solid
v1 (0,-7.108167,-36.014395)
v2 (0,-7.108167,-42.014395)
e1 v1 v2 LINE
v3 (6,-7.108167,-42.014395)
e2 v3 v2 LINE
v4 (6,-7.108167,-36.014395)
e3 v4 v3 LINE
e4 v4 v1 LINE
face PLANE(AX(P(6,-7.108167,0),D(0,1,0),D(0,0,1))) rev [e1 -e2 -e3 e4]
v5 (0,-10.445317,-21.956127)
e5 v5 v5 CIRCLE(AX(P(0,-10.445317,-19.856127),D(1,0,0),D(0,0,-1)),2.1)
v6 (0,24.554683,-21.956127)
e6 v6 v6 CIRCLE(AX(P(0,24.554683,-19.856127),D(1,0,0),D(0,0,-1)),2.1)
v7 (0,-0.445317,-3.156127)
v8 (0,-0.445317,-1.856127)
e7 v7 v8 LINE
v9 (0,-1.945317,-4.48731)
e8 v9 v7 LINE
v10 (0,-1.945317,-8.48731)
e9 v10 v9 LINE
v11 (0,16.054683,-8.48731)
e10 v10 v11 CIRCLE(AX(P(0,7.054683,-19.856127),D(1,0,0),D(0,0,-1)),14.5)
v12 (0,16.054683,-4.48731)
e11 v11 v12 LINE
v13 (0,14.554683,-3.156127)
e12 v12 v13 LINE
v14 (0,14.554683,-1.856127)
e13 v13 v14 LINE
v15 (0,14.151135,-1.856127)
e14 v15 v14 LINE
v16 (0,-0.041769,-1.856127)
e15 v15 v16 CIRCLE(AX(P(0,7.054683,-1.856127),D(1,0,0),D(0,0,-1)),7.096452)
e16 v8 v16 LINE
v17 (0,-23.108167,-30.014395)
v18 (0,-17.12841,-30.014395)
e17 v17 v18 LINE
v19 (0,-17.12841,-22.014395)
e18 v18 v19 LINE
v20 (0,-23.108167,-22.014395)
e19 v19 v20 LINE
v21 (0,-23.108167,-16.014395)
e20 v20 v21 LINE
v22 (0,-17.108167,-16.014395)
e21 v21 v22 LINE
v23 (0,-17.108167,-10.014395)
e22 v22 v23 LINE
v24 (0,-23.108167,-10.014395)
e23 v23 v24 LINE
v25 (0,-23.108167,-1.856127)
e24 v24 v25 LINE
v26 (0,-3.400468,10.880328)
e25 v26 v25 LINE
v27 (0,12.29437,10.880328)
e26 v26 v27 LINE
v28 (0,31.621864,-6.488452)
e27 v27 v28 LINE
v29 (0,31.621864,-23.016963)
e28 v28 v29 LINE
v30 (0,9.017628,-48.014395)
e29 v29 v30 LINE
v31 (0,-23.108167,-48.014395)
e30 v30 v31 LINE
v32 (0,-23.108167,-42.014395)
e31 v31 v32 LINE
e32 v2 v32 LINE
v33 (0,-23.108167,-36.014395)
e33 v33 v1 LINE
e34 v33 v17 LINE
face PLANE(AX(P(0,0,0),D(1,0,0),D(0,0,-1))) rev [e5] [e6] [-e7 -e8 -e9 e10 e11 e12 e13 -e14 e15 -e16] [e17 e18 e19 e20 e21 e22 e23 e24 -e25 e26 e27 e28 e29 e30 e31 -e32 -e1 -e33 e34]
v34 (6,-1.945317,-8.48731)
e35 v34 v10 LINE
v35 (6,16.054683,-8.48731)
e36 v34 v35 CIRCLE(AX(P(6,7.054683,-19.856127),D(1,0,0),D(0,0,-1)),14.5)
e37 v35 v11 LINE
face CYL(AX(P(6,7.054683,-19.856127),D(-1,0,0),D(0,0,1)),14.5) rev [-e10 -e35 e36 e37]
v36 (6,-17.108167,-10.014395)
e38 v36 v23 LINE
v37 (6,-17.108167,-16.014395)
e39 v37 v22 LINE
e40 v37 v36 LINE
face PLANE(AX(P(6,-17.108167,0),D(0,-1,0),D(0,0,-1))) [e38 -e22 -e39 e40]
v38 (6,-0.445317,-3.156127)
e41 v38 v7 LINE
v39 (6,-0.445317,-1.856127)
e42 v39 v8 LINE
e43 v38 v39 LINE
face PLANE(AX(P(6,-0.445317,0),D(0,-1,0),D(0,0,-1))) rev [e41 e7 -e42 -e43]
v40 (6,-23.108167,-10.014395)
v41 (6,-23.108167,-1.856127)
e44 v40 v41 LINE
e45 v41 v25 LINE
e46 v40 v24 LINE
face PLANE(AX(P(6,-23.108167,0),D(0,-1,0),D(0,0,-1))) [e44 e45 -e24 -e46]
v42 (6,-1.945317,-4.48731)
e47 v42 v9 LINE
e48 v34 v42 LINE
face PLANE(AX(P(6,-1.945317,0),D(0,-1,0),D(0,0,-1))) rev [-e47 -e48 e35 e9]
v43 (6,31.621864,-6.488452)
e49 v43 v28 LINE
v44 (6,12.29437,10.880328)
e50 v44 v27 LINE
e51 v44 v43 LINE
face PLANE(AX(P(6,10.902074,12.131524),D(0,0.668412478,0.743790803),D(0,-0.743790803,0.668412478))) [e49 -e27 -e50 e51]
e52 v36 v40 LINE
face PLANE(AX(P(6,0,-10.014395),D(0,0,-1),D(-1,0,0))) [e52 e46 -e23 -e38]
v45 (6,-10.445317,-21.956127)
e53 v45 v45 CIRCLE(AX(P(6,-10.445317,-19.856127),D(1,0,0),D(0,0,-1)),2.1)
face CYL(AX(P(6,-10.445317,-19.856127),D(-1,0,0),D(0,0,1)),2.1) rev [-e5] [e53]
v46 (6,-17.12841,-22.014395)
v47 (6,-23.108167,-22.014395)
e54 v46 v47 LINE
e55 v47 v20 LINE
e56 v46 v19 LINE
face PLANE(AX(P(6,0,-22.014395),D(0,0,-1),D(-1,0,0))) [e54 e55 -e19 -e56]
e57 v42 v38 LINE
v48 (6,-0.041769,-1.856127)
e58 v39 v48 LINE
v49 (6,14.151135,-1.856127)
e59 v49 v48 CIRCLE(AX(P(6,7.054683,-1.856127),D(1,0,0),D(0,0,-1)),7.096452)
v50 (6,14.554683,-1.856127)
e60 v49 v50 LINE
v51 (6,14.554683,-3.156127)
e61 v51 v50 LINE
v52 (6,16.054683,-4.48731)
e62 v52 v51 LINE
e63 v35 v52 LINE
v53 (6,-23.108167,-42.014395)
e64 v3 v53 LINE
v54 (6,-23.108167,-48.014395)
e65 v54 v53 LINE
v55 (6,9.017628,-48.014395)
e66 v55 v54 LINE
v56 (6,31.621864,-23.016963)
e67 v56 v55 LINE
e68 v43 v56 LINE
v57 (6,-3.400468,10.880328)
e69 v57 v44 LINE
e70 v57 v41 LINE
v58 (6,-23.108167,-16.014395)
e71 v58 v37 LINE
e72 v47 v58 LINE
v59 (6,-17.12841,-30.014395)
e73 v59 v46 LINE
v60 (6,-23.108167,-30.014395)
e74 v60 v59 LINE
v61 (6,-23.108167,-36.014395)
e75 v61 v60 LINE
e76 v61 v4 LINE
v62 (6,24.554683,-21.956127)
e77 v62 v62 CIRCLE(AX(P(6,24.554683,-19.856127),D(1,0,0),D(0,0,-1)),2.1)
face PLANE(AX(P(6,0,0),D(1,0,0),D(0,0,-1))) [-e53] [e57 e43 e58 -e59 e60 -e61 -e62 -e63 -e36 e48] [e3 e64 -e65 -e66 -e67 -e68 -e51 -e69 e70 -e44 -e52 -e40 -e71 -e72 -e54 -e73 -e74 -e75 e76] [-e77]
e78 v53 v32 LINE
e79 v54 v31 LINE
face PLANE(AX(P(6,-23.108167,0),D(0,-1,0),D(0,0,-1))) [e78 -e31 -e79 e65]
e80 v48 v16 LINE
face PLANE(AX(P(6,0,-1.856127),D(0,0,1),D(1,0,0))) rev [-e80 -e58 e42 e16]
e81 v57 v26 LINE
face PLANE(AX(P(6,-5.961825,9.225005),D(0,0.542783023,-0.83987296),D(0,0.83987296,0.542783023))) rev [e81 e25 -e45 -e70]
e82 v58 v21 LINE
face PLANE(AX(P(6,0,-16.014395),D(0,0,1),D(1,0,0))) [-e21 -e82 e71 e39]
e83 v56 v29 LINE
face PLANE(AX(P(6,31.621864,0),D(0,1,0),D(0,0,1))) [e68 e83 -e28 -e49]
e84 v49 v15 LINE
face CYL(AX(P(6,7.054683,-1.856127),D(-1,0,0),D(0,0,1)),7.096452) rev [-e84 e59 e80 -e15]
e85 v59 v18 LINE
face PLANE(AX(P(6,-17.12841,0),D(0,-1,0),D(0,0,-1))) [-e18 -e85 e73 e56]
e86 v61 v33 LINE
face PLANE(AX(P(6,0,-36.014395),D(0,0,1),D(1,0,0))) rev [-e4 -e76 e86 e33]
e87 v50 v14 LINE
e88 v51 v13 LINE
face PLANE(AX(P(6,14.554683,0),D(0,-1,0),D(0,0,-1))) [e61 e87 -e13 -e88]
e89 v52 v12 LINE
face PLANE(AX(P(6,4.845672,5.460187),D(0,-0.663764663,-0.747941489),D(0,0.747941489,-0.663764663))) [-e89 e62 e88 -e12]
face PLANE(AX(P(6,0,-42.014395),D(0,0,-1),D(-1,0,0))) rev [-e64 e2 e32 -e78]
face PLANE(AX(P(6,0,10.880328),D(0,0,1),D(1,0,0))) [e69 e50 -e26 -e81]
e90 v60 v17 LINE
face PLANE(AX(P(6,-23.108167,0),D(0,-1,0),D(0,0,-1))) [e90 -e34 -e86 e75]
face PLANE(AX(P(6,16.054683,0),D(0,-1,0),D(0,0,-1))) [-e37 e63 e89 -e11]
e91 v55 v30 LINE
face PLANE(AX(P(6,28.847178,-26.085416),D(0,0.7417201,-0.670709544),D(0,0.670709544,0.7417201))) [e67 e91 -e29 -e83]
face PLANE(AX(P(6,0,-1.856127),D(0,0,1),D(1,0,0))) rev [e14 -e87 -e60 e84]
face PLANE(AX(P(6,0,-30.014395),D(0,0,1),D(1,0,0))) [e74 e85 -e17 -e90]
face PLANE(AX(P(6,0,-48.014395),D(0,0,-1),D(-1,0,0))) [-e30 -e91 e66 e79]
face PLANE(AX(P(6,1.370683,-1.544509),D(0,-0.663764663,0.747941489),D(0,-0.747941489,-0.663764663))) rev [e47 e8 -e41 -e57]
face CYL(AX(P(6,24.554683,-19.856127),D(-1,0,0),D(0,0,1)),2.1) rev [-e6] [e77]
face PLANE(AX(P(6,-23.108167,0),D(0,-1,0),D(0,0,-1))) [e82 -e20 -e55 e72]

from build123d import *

# Parameters (mm, degrees)
SKETCH1_R           = 2.1
BOSS_EXTRUDE1_DEPTH = 6


with BuildPart() as part:
    # Sketch1 → Boss-Extrude1 (new body)
    with BuildSketch(Plane(origin=(0, 0, 0), x_dir=(0, 0, -1), z_dir=(1, 0, 0))):
        Polygon((1.8561273, -23.10816726), (10.014395287, -23.10816726), (10.014395287, -17.10816726), (16.014395287, -17.10816726), (16.014395287, -23.10816726), (22.014395287, -23.10816726), (22.014395287, -17.128409951), (30.014395287, -17.128409951), (30.014395287, -23.10816726), (36.014395287, -23.10816726), (36.014395287, -7.10816726), (42.014395287, -7.10816726), (42.014395287, -23.10816726), (48.014395287, -23.10816726), (48.014395287, 9.017628036), (23.016962848, 31.621864486), (6.488451552, 31.621864486), (-10.880328259, 12.294369708), (-10.880328259, -3.400467914), align=None)
        with Locations((19.8561273, -10.445316887)):
            Circle(SKETCH1_R, mode=Mode.SUBTRACT)
        with BuildLine():
            Line((8.487310299, -1.945316887), (4.487310299, -1.945316887))
            Line((4.487310299, -1.945316887), (3.1561273, -0.445316887))
            Line((3.1561273, -0.445316887), (1.8561273, -0.445316887))
            Line((1.8561273, -0.445316887), (1.8561273, -0.041769088))
            ThreePointArc((1.8561273, -0.041769088), (-5.240324902, 7.054683113), (1.8561273, 14.151135315))
            Line((1.8561273, 14.151135315), (1.8561273, 14.554683113))
            Line((1.8561273, 14.554683113), (3.1561273, 14.554683113))
            Line((3.1561273, 14.554683113), (4.487310299, 16.054683113))
            Line((4.487310299, 16.054683113), (8.487310299, 16.054683113))
            ThreePointArc((8.487310299, 16.054683113), (34.3561273, 7.054683113), (8.487310299, -1.945316887))
        make_face(mode=Mode.SUBTRACT)
        with Locations((19.8561273, 24.554683113)):
            Circle(SKETCH1_R, mode=Mode.SUBTRACT)
    extrude(amount=BOSS_EXTRUDE1_DEPTH)


solid = part.part
